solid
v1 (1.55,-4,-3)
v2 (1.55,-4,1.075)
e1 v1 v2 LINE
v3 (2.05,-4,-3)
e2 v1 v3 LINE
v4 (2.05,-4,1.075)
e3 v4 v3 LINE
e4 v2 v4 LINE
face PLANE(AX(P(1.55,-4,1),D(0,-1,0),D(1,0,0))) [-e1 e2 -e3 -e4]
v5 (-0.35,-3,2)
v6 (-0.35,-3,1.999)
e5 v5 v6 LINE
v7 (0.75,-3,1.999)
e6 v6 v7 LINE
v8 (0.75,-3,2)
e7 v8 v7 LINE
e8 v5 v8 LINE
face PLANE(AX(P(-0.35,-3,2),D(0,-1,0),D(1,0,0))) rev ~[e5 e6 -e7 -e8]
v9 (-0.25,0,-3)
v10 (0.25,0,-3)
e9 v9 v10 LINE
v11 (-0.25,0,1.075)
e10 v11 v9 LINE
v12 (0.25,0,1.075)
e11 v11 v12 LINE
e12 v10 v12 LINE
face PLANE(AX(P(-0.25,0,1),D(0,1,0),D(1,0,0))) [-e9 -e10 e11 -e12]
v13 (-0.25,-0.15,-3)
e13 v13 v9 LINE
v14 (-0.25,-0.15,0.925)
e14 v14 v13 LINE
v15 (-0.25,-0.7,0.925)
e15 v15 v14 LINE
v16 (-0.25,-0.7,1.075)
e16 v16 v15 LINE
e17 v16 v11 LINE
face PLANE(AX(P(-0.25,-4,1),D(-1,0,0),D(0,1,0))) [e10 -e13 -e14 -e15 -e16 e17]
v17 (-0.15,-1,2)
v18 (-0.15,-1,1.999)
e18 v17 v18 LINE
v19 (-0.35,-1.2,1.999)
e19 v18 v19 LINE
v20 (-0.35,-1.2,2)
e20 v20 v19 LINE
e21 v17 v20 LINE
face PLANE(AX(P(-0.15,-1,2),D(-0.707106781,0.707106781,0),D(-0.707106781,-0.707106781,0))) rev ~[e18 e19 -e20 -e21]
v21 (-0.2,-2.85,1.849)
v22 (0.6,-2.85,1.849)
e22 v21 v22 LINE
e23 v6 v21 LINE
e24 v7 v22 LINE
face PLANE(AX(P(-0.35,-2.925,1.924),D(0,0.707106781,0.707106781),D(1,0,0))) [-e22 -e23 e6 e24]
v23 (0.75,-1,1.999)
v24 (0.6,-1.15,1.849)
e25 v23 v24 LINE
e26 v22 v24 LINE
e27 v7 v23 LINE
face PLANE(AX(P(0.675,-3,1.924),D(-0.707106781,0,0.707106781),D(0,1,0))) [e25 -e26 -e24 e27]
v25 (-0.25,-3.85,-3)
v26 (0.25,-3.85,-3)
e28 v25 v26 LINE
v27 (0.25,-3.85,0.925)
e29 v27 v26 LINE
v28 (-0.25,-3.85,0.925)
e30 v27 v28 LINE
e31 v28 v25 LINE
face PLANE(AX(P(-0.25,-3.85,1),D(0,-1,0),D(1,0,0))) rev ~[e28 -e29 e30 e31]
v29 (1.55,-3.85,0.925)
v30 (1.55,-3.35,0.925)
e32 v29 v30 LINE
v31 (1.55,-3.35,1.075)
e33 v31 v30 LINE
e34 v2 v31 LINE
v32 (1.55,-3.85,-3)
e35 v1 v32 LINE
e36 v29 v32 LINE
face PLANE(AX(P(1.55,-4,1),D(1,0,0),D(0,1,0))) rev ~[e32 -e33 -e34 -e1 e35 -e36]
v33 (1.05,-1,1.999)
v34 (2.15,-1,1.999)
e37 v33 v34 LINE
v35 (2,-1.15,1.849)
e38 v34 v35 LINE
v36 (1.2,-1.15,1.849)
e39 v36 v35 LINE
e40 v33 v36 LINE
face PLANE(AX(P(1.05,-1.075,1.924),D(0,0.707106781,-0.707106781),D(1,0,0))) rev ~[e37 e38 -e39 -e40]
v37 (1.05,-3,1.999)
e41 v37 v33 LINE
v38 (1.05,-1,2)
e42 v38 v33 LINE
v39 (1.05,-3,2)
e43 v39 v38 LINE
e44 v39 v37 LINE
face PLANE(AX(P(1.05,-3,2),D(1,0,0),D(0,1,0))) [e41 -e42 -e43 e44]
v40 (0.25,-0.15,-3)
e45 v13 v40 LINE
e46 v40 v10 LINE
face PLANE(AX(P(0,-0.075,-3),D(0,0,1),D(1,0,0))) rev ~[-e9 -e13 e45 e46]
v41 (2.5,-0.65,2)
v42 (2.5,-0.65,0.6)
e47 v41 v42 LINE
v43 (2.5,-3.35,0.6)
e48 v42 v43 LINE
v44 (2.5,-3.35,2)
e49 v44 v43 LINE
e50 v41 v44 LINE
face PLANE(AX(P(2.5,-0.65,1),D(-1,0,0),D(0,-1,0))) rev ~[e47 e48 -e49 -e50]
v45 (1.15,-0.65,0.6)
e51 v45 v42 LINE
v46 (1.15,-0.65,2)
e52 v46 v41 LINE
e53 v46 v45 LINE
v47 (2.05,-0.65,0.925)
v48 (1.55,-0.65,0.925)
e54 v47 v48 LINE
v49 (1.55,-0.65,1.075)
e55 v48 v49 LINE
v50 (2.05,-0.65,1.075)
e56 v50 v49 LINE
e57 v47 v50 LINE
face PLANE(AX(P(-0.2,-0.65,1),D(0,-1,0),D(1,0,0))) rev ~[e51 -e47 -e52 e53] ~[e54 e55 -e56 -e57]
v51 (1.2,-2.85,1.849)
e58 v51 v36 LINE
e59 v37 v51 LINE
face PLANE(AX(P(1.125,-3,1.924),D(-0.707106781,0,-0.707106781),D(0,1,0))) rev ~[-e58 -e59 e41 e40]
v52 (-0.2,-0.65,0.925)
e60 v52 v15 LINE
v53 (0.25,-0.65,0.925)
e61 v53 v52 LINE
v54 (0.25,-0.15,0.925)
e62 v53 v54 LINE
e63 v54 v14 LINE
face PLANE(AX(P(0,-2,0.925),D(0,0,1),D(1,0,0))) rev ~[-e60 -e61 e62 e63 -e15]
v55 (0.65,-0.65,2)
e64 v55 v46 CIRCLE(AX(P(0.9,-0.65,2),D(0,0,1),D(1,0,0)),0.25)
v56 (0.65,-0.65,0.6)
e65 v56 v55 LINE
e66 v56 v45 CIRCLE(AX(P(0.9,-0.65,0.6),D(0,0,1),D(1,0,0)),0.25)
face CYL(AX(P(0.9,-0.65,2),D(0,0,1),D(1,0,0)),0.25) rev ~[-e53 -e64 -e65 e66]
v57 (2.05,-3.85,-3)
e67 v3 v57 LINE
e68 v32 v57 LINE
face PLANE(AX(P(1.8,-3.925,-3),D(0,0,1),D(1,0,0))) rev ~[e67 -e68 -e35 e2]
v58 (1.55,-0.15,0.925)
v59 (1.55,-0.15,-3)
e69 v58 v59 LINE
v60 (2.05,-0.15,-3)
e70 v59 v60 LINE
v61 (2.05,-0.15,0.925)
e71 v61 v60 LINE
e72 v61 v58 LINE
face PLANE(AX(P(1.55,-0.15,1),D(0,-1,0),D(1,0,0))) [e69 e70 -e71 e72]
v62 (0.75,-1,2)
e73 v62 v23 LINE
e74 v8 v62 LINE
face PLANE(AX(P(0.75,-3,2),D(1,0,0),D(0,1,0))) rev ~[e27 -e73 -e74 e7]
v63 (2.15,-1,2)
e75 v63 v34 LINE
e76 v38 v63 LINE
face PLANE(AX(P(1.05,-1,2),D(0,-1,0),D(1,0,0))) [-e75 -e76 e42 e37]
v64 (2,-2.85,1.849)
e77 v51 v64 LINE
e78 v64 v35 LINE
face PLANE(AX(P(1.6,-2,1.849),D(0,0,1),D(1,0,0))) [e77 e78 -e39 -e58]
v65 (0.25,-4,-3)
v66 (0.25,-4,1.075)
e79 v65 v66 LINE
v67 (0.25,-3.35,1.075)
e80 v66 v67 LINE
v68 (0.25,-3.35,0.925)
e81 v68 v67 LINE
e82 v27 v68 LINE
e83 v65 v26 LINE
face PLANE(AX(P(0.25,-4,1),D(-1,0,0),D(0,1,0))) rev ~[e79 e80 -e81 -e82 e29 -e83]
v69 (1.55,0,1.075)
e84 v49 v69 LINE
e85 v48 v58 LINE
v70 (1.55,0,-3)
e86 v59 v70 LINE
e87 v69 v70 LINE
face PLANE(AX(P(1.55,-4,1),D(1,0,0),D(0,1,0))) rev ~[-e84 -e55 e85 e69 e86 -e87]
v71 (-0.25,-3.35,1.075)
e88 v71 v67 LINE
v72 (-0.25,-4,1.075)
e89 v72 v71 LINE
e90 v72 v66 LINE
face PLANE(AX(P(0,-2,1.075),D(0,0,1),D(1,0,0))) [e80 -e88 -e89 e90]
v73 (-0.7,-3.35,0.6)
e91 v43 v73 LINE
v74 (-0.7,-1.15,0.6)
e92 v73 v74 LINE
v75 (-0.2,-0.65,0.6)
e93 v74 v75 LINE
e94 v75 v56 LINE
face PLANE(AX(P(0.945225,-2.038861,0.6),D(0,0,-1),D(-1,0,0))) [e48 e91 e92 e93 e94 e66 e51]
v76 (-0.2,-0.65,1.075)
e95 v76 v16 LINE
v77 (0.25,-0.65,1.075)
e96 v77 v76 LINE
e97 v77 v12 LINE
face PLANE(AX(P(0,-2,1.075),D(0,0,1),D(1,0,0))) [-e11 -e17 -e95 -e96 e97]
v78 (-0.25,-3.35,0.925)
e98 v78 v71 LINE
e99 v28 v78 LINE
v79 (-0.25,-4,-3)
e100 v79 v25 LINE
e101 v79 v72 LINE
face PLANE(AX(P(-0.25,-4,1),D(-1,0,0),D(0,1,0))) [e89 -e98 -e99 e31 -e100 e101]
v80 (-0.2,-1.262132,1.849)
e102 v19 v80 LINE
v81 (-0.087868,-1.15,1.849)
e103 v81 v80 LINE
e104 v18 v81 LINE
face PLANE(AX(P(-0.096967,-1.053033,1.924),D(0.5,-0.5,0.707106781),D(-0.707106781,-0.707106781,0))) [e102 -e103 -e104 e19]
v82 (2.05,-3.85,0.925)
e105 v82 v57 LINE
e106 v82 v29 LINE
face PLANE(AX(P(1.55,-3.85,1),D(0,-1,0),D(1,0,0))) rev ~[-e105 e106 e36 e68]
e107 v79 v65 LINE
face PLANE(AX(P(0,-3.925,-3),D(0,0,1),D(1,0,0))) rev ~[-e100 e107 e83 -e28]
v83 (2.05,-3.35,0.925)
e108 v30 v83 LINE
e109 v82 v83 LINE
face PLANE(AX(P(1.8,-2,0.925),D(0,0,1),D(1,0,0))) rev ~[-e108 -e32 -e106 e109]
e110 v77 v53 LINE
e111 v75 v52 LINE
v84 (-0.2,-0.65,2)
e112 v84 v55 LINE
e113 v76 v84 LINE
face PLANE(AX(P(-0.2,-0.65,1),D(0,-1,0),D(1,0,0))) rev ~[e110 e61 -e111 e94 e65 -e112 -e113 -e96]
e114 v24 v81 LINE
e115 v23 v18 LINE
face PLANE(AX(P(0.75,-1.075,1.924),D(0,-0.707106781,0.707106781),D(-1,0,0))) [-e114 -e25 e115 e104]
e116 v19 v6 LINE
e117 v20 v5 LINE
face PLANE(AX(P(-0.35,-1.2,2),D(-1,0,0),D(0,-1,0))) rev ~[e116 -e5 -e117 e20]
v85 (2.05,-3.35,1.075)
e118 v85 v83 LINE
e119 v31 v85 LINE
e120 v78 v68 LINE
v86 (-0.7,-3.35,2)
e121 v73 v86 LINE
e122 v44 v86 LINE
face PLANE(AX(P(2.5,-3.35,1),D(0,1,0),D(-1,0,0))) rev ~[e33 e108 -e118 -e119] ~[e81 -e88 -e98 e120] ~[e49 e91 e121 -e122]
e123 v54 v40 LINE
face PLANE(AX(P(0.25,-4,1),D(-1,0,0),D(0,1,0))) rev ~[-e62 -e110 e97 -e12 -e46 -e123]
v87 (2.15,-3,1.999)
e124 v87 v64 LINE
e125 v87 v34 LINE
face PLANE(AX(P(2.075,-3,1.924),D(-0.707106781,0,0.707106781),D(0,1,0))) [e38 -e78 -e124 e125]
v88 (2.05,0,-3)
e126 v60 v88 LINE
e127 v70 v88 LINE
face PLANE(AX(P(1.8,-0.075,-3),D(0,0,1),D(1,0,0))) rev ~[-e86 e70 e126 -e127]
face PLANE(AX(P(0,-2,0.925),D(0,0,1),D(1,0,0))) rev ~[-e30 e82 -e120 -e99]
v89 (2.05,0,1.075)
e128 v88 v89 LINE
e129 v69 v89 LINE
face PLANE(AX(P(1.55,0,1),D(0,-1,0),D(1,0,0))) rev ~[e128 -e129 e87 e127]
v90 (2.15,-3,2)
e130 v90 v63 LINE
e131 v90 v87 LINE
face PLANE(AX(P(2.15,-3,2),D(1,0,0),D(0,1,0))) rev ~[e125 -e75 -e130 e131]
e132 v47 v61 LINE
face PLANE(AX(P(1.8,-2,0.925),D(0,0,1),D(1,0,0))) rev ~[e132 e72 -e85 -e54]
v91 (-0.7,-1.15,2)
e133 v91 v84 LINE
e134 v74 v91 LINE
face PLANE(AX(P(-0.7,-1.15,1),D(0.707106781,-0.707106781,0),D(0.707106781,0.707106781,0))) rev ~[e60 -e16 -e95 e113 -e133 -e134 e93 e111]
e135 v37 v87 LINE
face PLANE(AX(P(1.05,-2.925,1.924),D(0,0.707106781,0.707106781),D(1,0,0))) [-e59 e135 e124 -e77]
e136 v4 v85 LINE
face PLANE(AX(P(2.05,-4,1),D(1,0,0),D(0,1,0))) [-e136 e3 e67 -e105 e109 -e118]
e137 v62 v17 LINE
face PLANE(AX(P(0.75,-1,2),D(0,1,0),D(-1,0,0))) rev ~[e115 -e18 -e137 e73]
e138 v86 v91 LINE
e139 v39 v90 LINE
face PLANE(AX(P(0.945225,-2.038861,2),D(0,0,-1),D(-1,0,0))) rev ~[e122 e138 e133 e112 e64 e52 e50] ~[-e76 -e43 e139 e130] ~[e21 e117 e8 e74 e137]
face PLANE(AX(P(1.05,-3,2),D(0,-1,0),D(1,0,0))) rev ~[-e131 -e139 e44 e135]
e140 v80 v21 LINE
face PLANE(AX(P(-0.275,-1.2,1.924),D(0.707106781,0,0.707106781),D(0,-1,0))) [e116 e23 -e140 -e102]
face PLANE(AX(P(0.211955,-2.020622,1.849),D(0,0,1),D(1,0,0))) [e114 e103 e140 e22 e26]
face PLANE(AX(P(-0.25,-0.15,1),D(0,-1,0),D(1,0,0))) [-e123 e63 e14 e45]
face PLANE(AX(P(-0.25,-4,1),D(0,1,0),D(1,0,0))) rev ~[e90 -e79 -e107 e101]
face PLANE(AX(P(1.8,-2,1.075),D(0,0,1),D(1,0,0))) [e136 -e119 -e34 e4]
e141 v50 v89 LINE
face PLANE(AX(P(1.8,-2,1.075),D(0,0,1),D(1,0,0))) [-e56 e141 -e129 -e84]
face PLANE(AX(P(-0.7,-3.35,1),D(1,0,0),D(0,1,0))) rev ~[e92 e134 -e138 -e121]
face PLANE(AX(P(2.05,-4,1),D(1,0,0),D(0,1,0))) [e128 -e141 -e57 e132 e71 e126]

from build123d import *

# Parameters (mm, degrees)
PAD_DEPTH       = 1
PAD_DEPTH_BACK  = 0.4
SKETCH001_W     = 1.1
SKETCH001_H     = 2
POCKET_DEPTH    = 0.151
CHAMFER_SIZE    = 0.15
SKETCH004_R     = 0.25
POCKET001_DEPTH = 1.401
SKETCH002_W     = 0.5
SKETCH002_H     = 4
PAD001_DEPTH    = 0.075
SKETCH003_W     = 0.5
SKETCH003_H     = 0.15
PAD002_DEPTH    = 4


with BuildPart() as pocket001:
    # Sketch → Pad (new body, two sides)
    with BuildSketch(Plane(origin=(0.9, -2, 1), x_dir=(1, 0, 0), z_dir=(0, 0, 1))) as pad_sk:
        Polygon((-1.1, 1.35), (1.6, 1.35), (1.6, -1.35), (-1.6, -1.35), (-1.6, 0.85), align=None)
    extrude(amount=PAD_DEPTH)
    extrude(pad_sk.sketch, amount=-PAD_DEPTH_BACK)

    # Sketch001 → Pocket (cut)
    with BuildSketch(Plane(origin=(0.9, -2, 2), x_dir=(1, 0, 0), z_dir=(0, 0, 1))):
        Polygon((-1.25, -1), (-0.15, -1), (-0.15, 1), (-1.05, 1), (-1.25, 0.8), align=None)
        with Locations((0.7, 0)):
            Rectangle(SKETCH001_W, SKETCH001_H)
    extrude(amount=-POCKET_DEPTH, mode=Mode.SUBTRACT)

    # Chamfer
    chamfer_edges = [pocket001.edges().sort_by_distance(p)[0] for p in [
        (-0.25, -1.1, 1.849),
        (0.3, -1, 1.849),
        (-0.35, -2.1, 1.849),
        (1.05, -2, 1.849),
        (1.6, -1, 1.849),
        (2.15, -2, 1.849),
        (0.75, -2, 1.849),
        (1.6, -3, 1.849),
        (0.2, -3, 1.849),
    ]]
    chamfer(chamfer_edges, length=CHAMFER_SIZE)

    # Sketch004 → Pocket001 (cut, through all)
    with BuildSketch(Plane(origin=(0.9, -2, 2), x_dir=(1, 0, 0), z_dir=(0, 0, 1))):
        with Locations((0, 1.35)):
            Circle(SKETCH004_R)
    extrude(amount=-POCKET001_DEPTH, mode=Mode.SUBTRACT)


with BuildPart() as pad001:
    # Sketch002 → Pad001 (new body, symmetric)
    with BuildSketch(Plane(origin=(0.9, -2, 1), x_dir=(1, 0, 0), z_dir=(0, 0, 1))):
        with Locations((-0.9, 0)):
            Rectangle(SKETCH002_W, SKETCH002_H)
        with Locations((0.9, 0)):
            Rectangle(SKETCH002_W, SKETCH002_H)
    extrude(amount=PAD001_DEPTH, both=True)


with BuildPart() as kodenshi_sg105f:
    # Sketch003 → Pad002 (new body)
    with BuildSketch(Plane(origin=(0.9, -2, 1), x_dir=(1, 0, 0), z_dir=(0, 0, 1))):
        with Locations((-0.9, 1.925)):
            Rectangle(SKETCH003_W, SKETCH003_H)
        with Locations((0.9, 1.925)):
            Rectangle(SKETCH003_W, SKETCH003_H)
        with Locations((-0.9, -1.925)):
            Rectangle(SKETCH003_W, SKETCH003_H)
        with Locations((0.9, -1.925)):
            Rectangle(SKETCH003_W, SKETCH003_H)
    extrude(amount=-PAD002_DEPTH)

    # Pad002_mp_cp: union Pocket001, Pad001
    add(pocket001.part)
    add(pad001.part)


solid = kodenshi_sg105f.part
